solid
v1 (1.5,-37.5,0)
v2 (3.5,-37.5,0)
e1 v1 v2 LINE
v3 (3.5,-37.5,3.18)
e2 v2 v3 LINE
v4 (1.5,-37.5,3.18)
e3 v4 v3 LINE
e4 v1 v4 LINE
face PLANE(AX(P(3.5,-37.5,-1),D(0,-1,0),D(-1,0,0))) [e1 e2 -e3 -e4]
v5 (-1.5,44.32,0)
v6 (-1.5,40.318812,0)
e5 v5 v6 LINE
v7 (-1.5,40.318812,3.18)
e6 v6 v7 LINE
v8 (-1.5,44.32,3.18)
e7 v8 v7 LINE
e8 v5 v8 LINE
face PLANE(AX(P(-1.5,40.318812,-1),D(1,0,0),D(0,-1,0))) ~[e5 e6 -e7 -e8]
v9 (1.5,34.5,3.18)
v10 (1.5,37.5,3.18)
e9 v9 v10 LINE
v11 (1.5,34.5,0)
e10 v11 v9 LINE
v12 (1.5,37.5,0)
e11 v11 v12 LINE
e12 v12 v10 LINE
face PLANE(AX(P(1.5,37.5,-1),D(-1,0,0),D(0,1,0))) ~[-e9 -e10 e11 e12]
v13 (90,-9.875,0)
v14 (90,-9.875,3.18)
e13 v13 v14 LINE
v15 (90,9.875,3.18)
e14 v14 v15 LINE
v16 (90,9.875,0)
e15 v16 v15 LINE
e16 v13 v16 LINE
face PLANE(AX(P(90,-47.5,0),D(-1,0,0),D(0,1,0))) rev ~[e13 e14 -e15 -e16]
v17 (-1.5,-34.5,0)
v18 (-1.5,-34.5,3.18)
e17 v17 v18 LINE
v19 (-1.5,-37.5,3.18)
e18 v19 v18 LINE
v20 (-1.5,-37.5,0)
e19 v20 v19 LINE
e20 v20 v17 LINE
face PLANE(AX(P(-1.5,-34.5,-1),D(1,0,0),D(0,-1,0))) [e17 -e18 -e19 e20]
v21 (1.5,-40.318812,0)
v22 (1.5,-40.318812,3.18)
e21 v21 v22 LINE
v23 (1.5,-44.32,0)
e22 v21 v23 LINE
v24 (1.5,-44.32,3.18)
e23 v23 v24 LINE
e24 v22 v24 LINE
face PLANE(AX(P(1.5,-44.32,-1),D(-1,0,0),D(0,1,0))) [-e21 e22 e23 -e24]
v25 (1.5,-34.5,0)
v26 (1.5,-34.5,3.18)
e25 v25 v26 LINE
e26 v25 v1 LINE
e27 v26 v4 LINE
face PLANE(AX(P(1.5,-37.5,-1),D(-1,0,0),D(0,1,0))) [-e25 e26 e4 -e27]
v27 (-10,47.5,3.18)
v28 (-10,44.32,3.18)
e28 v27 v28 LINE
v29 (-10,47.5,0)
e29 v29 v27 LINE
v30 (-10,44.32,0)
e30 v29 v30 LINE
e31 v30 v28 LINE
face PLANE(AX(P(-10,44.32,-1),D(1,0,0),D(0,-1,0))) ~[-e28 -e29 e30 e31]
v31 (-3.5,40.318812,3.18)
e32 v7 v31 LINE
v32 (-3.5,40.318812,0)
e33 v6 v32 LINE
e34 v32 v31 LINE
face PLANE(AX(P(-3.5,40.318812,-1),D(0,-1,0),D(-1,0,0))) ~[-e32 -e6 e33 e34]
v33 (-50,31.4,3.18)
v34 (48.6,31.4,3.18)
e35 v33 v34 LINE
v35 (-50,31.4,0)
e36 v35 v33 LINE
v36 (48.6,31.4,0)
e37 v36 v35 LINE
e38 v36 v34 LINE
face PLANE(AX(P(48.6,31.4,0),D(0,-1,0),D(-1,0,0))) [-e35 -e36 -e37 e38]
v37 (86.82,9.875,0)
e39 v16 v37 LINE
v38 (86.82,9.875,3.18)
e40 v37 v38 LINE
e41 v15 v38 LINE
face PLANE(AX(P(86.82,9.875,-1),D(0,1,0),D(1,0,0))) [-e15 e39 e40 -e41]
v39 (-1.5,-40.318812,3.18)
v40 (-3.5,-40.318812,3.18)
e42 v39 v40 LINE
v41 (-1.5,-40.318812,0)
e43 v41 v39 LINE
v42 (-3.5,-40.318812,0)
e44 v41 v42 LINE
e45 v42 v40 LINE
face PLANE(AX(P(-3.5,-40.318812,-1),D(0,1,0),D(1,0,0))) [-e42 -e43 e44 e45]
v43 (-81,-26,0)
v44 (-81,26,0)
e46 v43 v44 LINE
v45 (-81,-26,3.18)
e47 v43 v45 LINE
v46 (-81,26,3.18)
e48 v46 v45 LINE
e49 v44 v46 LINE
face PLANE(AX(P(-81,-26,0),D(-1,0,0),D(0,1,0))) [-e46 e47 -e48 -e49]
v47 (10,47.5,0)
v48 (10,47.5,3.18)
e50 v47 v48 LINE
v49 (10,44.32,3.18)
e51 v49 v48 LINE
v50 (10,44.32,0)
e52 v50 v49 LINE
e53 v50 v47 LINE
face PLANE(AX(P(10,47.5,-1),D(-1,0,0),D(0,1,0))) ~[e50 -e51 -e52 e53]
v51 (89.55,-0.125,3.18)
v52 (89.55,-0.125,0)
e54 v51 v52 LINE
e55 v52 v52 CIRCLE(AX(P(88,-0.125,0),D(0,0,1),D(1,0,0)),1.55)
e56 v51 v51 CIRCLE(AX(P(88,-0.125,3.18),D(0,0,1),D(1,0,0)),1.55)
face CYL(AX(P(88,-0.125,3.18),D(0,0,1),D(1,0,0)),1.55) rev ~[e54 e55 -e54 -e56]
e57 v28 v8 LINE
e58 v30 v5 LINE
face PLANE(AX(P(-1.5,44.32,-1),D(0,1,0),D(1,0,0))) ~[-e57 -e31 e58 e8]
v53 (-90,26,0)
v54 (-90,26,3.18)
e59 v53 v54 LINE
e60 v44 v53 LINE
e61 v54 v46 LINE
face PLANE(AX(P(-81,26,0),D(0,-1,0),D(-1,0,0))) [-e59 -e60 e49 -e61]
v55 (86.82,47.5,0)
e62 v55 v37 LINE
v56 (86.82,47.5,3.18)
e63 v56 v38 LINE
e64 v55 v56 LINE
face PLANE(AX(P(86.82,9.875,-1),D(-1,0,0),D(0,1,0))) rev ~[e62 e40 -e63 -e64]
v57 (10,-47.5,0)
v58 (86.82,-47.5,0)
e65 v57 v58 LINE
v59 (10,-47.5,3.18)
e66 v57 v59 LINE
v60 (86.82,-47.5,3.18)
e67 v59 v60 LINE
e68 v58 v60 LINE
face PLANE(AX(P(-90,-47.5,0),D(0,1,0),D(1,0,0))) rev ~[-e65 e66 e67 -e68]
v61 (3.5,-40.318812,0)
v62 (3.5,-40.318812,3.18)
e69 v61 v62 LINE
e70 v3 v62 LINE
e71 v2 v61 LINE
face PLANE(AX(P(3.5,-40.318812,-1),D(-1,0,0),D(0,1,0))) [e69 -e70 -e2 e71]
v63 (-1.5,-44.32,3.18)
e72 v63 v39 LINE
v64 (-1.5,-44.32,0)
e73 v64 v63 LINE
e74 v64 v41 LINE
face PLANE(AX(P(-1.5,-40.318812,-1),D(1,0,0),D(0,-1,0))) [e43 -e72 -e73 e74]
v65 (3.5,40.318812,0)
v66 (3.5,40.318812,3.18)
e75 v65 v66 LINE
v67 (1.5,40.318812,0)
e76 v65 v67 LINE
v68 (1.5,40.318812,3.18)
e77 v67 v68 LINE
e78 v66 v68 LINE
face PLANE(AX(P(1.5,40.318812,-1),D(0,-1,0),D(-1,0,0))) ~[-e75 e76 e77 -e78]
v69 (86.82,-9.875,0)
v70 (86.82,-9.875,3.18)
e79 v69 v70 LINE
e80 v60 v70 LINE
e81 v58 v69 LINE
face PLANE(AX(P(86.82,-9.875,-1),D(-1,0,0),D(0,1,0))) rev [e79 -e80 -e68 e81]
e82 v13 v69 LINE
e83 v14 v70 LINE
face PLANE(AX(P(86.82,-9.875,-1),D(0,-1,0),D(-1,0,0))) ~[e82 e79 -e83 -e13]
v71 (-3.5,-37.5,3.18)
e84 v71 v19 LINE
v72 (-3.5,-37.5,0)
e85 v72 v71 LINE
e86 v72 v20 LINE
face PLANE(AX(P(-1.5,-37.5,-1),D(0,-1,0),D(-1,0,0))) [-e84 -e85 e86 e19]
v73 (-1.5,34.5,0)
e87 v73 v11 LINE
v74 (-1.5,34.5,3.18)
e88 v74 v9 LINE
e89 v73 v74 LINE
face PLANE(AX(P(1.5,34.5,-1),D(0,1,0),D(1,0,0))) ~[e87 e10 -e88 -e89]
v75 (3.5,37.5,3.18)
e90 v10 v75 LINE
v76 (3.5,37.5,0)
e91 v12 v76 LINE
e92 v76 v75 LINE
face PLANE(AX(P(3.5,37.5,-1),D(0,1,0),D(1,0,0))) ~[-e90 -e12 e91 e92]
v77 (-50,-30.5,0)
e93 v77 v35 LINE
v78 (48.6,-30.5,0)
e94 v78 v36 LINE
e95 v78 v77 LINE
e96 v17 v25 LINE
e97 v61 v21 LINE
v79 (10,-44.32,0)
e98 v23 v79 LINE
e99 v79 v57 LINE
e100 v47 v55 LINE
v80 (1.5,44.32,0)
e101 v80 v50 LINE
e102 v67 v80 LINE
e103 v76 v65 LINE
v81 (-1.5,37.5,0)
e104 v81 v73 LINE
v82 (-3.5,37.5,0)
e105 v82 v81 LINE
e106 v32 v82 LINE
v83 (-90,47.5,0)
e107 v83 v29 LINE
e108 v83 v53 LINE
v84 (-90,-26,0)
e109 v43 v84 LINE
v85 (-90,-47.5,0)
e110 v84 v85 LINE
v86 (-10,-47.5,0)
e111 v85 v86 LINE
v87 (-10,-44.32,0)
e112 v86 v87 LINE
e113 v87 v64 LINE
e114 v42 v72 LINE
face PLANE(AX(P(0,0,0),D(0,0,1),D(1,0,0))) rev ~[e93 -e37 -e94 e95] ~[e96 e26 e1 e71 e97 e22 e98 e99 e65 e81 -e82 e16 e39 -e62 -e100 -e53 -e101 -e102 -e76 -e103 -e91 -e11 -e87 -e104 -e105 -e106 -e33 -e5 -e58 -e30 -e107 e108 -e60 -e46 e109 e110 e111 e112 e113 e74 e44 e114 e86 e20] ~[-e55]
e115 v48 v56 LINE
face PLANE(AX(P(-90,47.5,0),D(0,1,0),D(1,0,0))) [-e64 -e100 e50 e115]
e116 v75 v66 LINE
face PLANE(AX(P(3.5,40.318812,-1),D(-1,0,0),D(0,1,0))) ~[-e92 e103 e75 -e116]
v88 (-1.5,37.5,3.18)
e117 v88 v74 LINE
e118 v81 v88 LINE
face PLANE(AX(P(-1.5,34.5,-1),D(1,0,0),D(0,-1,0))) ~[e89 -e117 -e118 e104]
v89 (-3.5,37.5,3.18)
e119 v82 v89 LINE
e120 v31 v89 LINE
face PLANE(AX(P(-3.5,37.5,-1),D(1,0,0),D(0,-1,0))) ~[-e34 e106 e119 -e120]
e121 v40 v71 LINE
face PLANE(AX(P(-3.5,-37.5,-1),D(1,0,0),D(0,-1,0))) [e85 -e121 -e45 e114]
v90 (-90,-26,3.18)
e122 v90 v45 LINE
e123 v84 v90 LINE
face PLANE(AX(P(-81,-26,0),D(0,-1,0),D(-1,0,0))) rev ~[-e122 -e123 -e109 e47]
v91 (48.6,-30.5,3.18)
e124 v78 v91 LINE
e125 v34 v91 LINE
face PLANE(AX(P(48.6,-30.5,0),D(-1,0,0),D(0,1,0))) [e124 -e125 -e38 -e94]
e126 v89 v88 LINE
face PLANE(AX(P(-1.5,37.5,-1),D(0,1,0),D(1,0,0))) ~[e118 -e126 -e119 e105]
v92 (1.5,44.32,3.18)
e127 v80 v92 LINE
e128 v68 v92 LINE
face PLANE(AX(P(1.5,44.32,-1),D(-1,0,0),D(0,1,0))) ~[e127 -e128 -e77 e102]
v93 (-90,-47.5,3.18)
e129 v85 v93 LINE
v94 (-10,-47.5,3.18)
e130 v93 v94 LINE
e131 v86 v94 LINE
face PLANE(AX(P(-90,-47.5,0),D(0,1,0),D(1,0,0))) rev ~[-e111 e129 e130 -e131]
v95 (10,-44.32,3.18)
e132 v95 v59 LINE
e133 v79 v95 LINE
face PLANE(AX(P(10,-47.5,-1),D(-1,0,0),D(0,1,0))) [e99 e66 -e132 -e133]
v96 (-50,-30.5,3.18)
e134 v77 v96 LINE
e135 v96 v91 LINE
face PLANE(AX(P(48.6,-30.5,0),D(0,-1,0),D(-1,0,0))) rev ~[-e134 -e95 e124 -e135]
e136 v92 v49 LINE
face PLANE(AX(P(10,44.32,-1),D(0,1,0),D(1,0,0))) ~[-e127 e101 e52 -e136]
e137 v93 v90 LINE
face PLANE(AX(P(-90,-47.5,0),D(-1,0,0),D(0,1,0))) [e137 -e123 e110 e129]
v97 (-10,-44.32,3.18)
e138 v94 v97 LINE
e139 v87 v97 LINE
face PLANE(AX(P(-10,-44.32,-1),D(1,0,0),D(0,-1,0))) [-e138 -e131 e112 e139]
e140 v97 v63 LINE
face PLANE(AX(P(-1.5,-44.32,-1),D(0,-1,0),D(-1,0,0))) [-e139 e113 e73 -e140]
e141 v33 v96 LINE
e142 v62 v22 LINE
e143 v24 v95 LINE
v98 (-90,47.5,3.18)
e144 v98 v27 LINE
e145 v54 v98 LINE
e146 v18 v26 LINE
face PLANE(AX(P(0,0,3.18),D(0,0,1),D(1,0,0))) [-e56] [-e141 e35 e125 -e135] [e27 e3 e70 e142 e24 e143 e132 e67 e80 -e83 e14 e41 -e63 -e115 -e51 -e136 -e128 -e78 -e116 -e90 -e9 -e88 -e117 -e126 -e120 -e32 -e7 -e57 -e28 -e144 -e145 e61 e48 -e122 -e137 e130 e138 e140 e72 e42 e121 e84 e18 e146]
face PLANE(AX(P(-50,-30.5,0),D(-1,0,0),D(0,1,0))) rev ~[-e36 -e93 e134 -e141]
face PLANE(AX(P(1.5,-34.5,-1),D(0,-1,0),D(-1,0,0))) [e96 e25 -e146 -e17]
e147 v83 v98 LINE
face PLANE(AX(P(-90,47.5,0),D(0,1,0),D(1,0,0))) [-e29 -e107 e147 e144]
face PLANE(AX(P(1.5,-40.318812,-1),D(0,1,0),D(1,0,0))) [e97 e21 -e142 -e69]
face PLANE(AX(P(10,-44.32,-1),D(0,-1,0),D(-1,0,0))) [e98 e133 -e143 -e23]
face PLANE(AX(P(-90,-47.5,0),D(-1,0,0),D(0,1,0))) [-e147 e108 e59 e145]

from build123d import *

# Parameters (mm, degrees)
SKETCH1_W               = 180
SKETCH1_H               = 95
BOSS_EXTRUDE1_DEPTH     = 3.18
CUT_EXTRUDE1_START      = -4.18
SKETCH2_W               = 3.18
SKETCH2_H               = 37.625
CUT_EXTRUDE1_DEPTH      = 5.18
SKETCH3_R               = 1.55
CUT_EXTRUDE2_DEPTH      = 1
CUT_EXTRUDE2_DEPTH_BACK = 4.18
CUT_EXTRUDE3_START      = -4.18
CUT_EXTRUDE3_DEPTH      = 5.18
SKETCH7_W               = 98.6
SKETCH7_H               = 61.9
CUT_EXTRUDE6_DEPTH      = 1
CUT_EXTRUDE6_DEPTH_BACK = 4.18
SKETCH8_W               = 9
SKETCH8_H               = 52
CUT_EXTRUDE7_DEPTH      = 1
CUT_EXTRUDE7_DEPTH_BACK = 4.18


with BuildPart() as part:
    # Sketch1 → Boss-Extrude1 (new body)
    with BuildSketch(Plane.XY):
        Rectangle(SKETCH1_W, SKETCH1_H)
    extrude(amount=BOSS_EXTRUDE1_DEPTH)

    # Sketch2 → Cut-Extrude1 (cut)
    with BuildSketch(Plane.XY.offset(3.18).offset(CUT_EXTRUDE1_START)):
        with Locations((88.41, 28.6875)):
            Rectangle(SKETCH2_W, SKETCH2_H)
    cut_extrude1 = extrude(amount=CUT_EXTRUDE1_DEPTH, mode=Mode.SUBTRACT)

    # Mirror1: Cut-Extrude1 across plane
    add(cut_extrude1.mirror(Plane.ZX), mode=Mode.SUBTRACT)

    # Sketch3 → Cut-Extrude2 (cut, two sides)
    with BuildSketch(Plane.XY.offset(3.18)) as cut_extrude2_sk:
        with Locations((88, -0.125)):
            Circle(SKETCH3_R)
    extrude(amount=CUT_EXTRUDE2_DEPTH, mode=Mode.SUBTRACT)
    extrude(cut_extrude2_sk.sketch, amount=-CUT_EXTRUDE2_DEPTH_BACK, mode=Mode.SUBTRACT)

    # Sketch4 → Cut-Extrude3 (cut)
    with BuildSketch(Plane.XY.offset(3.18).offset(CUT_EXTRUDE3_START)):
        Polygon((-10, -47.5), (10, -47.5), (10, -44.32), (1.5, -44.32), (1.5, -40.318812073), (3.5, -40.318812073), (3.5, -37.5), (1.5, -37.5), (1.5, -34.5), (-1.5, -34.5), (-1.5, -37.5), (-3.5, -37.5), (-3.5, -40.318812073), (-1.5, -40.318812073), (-1.5, -44.32), (-10, -44.32), align=None)
    cut_extrude3 = extrude(amount=CUT_EXTRUDE3_DEPTH, mode=Mode.SUBTRACT)

    # Mirror2: Cut-Extrude3 across plane
    add(cut_extrude3.mirror(Plane.ZX), mode=Mode.SUBTRACT)

    # Sketch7 → Cut-Extrude6 (cut, two sides)
    with BuildSketch(Plane(origin=(0, 0, 0), x_dir=(-1, 0, 0), z_dir=(0, 0, -1))) as cut_extrude6_sk:
        with Locations((0.7, 0.45)):
            Rectangle(SKETCH7_W, SKETCH7_H)
    extrude(amount=CUT_EXTRUDE6_DEPTH, mode=Mode.SUBTRACT)
    extrude(cut_extrude6_sk.sketch, amount=-CUT_EXTRUDE6_DEPTH_BACK, mode=Mode.SUBTRACT)

    # Sketch8 → Cut-Extrude7 (cut, two sides)
    with BuildSketch(Plane(origin=(0, 0, 0), x_dir=(-1, 0, 0), z_dir=(0, 0, -1))) as cut_extrude7_sk:
        with Locations((85.5, 0)):
            Rectangle(SKETCH8_W, SKETCH8_H)
    extrude(amount=CUT_EXTRUDE7_DEPTH, mode=Mode.SUBTRACT)
    extrude(cut_extrude7_sk.sketch, amount=-CUT_EXTRUDE7_DEPTH_BACK, mode=Mode.SUBTRACT)


solid = part.part
